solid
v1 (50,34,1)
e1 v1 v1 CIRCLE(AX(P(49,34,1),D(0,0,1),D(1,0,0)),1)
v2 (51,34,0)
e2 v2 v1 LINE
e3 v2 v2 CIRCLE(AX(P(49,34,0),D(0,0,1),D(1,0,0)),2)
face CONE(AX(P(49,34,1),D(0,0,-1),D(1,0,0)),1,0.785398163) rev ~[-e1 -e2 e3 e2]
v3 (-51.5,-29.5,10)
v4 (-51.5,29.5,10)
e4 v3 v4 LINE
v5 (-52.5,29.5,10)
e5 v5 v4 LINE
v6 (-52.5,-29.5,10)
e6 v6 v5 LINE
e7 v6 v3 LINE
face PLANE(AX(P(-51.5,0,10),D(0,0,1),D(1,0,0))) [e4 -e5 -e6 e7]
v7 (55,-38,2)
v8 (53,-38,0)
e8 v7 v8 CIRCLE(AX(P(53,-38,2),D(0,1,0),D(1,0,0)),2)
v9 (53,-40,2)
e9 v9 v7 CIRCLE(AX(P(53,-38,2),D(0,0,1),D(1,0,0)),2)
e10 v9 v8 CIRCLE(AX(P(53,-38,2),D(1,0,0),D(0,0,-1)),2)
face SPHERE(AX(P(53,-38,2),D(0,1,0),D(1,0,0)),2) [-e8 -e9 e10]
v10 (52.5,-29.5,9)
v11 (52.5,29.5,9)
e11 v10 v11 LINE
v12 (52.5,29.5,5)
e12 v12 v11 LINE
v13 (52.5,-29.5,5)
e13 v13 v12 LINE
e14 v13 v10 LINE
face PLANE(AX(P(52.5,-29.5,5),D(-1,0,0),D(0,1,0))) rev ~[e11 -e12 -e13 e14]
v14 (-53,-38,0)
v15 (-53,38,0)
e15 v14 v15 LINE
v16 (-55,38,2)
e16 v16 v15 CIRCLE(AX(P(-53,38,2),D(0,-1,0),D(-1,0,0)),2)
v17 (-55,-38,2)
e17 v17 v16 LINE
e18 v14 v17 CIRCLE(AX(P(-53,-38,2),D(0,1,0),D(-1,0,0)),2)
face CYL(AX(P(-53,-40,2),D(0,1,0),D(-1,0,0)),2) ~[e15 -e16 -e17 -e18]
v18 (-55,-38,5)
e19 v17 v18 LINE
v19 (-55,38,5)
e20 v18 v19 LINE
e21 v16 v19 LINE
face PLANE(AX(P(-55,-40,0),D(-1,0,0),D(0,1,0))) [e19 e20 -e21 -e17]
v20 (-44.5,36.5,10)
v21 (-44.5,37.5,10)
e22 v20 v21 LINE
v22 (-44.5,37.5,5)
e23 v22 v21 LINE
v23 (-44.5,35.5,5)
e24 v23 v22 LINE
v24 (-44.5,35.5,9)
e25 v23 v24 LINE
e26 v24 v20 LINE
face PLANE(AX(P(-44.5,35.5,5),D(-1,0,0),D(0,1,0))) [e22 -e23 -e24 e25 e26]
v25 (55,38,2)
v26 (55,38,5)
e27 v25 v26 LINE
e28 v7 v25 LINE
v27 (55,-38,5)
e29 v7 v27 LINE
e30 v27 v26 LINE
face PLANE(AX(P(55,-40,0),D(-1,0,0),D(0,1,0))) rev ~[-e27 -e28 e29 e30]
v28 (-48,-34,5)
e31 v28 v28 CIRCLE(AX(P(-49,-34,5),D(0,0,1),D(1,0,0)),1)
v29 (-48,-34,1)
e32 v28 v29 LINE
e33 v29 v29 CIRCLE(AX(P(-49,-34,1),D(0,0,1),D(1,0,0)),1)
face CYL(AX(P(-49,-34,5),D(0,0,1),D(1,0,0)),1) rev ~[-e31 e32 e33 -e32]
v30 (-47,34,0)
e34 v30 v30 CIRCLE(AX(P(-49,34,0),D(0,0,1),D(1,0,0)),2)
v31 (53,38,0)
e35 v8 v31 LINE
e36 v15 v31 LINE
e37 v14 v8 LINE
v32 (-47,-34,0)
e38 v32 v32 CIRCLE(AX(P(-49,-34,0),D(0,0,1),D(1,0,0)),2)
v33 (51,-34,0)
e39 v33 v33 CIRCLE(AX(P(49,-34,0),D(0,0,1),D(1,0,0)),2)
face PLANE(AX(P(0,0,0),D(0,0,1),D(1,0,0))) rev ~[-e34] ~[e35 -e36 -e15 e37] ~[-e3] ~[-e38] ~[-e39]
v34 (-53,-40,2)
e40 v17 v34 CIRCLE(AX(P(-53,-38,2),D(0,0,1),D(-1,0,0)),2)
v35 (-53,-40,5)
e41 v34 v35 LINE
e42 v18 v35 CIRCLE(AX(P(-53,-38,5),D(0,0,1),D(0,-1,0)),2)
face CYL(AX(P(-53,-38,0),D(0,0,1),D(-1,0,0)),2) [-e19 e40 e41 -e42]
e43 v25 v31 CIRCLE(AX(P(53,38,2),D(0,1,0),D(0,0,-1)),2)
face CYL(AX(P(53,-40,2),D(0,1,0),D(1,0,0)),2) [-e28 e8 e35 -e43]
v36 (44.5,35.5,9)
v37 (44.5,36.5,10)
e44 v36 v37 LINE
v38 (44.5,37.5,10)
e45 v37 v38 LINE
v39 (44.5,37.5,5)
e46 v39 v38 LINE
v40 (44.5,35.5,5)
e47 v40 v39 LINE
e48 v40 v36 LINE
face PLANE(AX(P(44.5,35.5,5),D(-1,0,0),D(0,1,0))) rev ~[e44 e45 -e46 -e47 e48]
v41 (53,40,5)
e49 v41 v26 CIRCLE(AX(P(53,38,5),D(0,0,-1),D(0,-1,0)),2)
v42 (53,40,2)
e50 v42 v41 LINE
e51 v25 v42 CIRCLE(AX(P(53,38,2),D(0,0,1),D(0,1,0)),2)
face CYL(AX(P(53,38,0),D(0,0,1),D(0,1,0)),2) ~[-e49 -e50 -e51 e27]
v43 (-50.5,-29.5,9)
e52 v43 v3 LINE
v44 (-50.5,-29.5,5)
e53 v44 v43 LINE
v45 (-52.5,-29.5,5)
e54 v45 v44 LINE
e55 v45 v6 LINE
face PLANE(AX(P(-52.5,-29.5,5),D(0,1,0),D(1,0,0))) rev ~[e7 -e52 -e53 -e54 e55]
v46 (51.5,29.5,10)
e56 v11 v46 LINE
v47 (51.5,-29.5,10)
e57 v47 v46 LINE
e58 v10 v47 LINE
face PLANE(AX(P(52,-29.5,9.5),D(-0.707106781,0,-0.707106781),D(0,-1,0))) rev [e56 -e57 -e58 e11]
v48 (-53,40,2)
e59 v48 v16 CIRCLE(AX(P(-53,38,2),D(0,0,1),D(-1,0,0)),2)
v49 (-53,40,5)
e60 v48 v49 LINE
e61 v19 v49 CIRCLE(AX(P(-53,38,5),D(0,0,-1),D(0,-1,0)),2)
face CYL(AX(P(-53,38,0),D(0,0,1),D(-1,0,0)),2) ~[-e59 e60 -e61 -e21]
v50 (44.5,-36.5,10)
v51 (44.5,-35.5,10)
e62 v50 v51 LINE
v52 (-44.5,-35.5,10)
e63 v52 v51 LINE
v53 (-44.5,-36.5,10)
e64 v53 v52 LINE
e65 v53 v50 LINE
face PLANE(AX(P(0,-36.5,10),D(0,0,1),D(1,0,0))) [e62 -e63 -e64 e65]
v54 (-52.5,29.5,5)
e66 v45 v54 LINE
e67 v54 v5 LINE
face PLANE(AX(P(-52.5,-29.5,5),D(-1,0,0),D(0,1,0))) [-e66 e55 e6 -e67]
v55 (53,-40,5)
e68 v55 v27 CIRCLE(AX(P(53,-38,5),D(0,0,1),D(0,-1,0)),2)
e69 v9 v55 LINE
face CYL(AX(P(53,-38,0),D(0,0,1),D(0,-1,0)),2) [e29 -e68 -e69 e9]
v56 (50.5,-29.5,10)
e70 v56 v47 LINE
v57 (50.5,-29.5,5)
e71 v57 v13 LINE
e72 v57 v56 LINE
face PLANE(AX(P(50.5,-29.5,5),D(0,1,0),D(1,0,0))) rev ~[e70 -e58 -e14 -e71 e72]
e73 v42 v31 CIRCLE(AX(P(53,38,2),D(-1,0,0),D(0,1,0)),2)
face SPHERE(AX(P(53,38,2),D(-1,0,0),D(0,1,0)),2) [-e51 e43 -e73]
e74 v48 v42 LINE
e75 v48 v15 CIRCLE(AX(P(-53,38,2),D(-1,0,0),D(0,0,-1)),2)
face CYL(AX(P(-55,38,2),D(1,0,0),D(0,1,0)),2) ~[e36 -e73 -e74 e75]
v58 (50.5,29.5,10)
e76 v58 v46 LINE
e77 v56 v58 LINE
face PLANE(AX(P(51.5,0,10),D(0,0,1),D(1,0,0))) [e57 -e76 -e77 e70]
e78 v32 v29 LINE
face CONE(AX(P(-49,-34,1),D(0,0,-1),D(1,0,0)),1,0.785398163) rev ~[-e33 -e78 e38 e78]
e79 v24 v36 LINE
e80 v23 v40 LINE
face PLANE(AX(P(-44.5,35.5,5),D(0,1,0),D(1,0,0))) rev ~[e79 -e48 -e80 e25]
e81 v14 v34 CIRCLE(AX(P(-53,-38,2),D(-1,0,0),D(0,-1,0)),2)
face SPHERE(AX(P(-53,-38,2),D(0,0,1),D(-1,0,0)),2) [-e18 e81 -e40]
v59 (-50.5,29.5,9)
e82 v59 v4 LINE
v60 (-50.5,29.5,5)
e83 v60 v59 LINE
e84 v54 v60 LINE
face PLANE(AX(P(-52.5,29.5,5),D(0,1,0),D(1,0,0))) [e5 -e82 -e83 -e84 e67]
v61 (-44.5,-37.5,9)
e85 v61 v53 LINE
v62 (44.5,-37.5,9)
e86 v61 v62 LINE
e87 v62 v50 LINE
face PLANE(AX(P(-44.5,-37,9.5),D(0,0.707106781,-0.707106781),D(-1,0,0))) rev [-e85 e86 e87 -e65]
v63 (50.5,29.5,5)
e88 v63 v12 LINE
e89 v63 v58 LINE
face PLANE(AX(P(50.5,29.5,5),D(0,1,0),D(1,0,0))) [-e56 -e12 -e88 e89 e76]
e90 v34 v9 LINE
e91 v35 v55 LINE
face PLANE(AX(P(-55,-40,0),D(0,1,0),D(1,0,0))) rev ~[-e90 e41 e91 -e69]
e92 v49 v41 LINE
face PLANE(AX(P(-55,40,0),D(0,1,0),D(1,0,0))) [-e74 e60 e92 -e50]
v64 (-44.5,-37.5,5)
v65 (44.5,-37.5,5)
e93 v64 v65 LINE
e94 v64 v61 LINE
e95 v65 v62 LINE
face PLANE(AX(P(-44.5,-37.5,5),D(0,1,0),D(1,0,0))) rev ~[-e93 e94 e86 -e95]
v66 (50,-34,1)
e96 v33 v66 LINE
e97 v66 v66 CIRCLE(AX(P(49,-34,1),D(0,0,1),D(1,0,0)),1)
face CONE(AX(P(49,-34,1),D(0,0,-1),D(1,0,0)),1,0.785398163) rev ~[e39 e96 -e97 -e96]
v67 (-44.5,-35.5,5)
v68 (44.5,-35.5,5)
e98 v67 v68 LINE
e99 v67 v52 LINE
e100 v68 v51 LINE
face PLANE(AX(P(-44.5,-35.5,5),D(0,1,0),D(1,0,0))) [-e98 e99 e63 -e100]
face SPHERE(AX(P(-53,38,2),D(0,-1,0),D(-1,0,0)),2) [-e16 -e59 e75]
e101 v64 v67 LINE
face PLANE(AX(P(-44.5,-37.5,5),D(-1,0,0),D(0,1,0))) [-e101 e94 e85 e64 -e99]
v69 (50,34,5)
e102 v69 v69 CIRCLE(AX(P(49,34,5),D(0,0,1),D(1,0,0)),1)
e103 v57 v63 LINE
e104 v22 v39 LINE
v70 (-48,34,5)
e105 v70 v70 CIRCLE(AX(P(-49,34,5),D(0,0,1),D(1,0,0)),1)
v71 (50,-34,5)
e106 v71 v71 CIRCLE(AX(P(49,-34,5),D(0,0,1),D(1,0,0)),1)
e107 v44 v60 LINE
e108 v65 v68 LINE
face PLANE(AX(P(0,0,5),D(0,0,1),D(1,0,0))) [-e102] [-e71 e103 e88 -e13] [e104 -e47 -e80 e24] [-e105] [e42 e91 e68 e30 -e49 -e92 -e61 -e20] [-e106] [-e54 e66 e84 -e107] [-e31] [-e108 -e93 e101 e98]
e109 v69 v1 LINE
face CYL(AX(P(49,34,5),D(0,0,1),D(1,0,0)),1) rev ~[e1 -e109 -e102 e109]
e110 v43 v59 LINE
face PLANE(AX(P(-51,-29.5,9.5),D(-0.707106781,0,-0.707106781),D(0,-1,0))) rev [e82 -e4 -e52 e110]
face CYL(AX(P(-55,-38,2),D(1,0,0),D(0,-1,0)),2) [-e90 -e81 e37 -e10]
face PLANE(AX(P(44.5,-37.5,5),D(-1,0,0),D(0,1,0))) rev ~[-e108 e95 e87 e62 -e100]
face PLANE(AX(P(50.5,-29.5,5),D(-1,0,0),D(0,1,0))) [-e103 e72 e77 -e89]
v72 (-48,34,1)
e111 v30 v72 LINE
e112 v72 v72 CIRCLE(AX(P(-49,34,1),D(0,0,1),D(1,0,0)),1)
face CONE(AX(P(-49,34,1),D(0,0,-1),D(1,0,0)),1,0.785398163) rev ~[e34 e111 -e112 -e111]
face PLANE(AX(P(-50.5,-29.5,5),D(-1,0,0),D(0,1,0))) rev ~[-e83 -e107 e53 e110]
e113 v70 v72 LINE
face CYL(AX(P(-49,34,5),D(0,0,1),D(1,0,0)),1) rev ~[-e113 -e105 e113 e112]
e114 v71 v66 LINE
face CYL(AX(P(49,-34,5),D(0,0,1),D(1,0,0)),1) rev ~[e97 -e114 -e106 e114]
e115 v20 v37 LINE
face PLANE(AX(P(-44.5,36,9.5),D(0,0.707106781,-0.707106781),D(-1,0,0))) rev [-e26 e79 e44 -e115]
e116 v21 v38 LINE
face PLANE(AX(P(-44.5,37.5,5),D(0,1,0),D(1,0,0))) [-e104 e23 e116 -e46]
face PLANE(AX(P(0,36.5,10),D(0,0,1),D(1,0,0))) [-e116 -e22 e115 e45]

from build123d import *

# Parameters (mm, degrees)
SKETCH_W        = 110
SKETCH_H        = 80
PAD_DEPTH       = 5
SKETCH001_R     = 1
POCKET_DEPTH    = 5
CHAMFER_SIZE    = 1
SKETCH002_W     = 89
SKETCH002_H     = 2
SKETCH002_W_2   = 2
SKETCH002_H_2   = 59
PAD001_DEPTH    = 5
CHAMFER001_SIZE = 1
FILLET_R        = 2


with BuildPart() as part:
    # Sketch → Pad (new body)
    with BuildSketch(Plane.XY):
        Rectangle(SKETCH_W, SKETCH_H)
    extrude(amount=PAD_DEPTH)

    # Sketch001 (on Face6 of Pad) → Pocket (cut)
    with BuildSketch(Plane.XY.offset(5)):
        with Locations((49, 34)):
            Circle(SKETCH001_R)
        with Locations((-49, 34)):
            Circle(SKETCH001_R)
        with Locations((-49, -34)):
            Circle(SKETCH001_R)
        with Locations((49, -34)):
            Circle(SKETCH001_R)
    extrude(amount=-POCKET_DEPTH, mode=Mode.SUBTRACT)

    # Chamfer
    chamfer_edges = [part.edges().sort_by_distance(p)[0] for p in [
        (-50, -34, 0),
        (-50, 34, 0),
        (48, 34, 0),
        (48, -34, 0),
    ]]
    chamfer(chamfer_edges, length=CHAMFER_SIZE)

    # Sketch002 (on Face11 of Chamfer) → Pad001 (join)
    with BuildSketch(Plane.XY.offset(5)):
        with Locations((0, 36.5)):
            Rectangle(SKETCH002_W, SKETCH002_H)
        with Locations((0, -36.5)):
            Rectangle(SKETCH002_W, SKETCH002_H)
        with Locations((51.5, 0)):
            Rectangle(SKETCH002_W_2, SKETCH002_H_2)
        with Locations((-51.5, 0)):
            Rectangle(SKETCH002_W_2, SKETCH002_H_2)
    extrude(amount=PAD001_DEPTH)

    # Chamfer001
    chamfer001_edges = [part.edges().sort_by_distance(p)[0] for p in [
        (0, 35.5, 10),
        (52.5, 0, 10),
        (-50.5, 0, 10),
        (0, -37.5, 10),
    ]]
    chamfer(chamfer001_edges, length=CHAMFER001_SIZE)

    # Fillet
    fillet_edges = [part.edges().sort_by_distance(p)[0] for p in [
        (-55, -40, 2.5),
        (-55, 0, 0),
        (-55, 40, 2.5),
        (0, 40, 0),
        (55, 40, 2.5),
        (55, 0, 0),
        (55, -40, 2.5),
        (0, -40, 0),
    ]]
    fillet(fillet_edges, radius=FILLET_R)


solid = part.part
